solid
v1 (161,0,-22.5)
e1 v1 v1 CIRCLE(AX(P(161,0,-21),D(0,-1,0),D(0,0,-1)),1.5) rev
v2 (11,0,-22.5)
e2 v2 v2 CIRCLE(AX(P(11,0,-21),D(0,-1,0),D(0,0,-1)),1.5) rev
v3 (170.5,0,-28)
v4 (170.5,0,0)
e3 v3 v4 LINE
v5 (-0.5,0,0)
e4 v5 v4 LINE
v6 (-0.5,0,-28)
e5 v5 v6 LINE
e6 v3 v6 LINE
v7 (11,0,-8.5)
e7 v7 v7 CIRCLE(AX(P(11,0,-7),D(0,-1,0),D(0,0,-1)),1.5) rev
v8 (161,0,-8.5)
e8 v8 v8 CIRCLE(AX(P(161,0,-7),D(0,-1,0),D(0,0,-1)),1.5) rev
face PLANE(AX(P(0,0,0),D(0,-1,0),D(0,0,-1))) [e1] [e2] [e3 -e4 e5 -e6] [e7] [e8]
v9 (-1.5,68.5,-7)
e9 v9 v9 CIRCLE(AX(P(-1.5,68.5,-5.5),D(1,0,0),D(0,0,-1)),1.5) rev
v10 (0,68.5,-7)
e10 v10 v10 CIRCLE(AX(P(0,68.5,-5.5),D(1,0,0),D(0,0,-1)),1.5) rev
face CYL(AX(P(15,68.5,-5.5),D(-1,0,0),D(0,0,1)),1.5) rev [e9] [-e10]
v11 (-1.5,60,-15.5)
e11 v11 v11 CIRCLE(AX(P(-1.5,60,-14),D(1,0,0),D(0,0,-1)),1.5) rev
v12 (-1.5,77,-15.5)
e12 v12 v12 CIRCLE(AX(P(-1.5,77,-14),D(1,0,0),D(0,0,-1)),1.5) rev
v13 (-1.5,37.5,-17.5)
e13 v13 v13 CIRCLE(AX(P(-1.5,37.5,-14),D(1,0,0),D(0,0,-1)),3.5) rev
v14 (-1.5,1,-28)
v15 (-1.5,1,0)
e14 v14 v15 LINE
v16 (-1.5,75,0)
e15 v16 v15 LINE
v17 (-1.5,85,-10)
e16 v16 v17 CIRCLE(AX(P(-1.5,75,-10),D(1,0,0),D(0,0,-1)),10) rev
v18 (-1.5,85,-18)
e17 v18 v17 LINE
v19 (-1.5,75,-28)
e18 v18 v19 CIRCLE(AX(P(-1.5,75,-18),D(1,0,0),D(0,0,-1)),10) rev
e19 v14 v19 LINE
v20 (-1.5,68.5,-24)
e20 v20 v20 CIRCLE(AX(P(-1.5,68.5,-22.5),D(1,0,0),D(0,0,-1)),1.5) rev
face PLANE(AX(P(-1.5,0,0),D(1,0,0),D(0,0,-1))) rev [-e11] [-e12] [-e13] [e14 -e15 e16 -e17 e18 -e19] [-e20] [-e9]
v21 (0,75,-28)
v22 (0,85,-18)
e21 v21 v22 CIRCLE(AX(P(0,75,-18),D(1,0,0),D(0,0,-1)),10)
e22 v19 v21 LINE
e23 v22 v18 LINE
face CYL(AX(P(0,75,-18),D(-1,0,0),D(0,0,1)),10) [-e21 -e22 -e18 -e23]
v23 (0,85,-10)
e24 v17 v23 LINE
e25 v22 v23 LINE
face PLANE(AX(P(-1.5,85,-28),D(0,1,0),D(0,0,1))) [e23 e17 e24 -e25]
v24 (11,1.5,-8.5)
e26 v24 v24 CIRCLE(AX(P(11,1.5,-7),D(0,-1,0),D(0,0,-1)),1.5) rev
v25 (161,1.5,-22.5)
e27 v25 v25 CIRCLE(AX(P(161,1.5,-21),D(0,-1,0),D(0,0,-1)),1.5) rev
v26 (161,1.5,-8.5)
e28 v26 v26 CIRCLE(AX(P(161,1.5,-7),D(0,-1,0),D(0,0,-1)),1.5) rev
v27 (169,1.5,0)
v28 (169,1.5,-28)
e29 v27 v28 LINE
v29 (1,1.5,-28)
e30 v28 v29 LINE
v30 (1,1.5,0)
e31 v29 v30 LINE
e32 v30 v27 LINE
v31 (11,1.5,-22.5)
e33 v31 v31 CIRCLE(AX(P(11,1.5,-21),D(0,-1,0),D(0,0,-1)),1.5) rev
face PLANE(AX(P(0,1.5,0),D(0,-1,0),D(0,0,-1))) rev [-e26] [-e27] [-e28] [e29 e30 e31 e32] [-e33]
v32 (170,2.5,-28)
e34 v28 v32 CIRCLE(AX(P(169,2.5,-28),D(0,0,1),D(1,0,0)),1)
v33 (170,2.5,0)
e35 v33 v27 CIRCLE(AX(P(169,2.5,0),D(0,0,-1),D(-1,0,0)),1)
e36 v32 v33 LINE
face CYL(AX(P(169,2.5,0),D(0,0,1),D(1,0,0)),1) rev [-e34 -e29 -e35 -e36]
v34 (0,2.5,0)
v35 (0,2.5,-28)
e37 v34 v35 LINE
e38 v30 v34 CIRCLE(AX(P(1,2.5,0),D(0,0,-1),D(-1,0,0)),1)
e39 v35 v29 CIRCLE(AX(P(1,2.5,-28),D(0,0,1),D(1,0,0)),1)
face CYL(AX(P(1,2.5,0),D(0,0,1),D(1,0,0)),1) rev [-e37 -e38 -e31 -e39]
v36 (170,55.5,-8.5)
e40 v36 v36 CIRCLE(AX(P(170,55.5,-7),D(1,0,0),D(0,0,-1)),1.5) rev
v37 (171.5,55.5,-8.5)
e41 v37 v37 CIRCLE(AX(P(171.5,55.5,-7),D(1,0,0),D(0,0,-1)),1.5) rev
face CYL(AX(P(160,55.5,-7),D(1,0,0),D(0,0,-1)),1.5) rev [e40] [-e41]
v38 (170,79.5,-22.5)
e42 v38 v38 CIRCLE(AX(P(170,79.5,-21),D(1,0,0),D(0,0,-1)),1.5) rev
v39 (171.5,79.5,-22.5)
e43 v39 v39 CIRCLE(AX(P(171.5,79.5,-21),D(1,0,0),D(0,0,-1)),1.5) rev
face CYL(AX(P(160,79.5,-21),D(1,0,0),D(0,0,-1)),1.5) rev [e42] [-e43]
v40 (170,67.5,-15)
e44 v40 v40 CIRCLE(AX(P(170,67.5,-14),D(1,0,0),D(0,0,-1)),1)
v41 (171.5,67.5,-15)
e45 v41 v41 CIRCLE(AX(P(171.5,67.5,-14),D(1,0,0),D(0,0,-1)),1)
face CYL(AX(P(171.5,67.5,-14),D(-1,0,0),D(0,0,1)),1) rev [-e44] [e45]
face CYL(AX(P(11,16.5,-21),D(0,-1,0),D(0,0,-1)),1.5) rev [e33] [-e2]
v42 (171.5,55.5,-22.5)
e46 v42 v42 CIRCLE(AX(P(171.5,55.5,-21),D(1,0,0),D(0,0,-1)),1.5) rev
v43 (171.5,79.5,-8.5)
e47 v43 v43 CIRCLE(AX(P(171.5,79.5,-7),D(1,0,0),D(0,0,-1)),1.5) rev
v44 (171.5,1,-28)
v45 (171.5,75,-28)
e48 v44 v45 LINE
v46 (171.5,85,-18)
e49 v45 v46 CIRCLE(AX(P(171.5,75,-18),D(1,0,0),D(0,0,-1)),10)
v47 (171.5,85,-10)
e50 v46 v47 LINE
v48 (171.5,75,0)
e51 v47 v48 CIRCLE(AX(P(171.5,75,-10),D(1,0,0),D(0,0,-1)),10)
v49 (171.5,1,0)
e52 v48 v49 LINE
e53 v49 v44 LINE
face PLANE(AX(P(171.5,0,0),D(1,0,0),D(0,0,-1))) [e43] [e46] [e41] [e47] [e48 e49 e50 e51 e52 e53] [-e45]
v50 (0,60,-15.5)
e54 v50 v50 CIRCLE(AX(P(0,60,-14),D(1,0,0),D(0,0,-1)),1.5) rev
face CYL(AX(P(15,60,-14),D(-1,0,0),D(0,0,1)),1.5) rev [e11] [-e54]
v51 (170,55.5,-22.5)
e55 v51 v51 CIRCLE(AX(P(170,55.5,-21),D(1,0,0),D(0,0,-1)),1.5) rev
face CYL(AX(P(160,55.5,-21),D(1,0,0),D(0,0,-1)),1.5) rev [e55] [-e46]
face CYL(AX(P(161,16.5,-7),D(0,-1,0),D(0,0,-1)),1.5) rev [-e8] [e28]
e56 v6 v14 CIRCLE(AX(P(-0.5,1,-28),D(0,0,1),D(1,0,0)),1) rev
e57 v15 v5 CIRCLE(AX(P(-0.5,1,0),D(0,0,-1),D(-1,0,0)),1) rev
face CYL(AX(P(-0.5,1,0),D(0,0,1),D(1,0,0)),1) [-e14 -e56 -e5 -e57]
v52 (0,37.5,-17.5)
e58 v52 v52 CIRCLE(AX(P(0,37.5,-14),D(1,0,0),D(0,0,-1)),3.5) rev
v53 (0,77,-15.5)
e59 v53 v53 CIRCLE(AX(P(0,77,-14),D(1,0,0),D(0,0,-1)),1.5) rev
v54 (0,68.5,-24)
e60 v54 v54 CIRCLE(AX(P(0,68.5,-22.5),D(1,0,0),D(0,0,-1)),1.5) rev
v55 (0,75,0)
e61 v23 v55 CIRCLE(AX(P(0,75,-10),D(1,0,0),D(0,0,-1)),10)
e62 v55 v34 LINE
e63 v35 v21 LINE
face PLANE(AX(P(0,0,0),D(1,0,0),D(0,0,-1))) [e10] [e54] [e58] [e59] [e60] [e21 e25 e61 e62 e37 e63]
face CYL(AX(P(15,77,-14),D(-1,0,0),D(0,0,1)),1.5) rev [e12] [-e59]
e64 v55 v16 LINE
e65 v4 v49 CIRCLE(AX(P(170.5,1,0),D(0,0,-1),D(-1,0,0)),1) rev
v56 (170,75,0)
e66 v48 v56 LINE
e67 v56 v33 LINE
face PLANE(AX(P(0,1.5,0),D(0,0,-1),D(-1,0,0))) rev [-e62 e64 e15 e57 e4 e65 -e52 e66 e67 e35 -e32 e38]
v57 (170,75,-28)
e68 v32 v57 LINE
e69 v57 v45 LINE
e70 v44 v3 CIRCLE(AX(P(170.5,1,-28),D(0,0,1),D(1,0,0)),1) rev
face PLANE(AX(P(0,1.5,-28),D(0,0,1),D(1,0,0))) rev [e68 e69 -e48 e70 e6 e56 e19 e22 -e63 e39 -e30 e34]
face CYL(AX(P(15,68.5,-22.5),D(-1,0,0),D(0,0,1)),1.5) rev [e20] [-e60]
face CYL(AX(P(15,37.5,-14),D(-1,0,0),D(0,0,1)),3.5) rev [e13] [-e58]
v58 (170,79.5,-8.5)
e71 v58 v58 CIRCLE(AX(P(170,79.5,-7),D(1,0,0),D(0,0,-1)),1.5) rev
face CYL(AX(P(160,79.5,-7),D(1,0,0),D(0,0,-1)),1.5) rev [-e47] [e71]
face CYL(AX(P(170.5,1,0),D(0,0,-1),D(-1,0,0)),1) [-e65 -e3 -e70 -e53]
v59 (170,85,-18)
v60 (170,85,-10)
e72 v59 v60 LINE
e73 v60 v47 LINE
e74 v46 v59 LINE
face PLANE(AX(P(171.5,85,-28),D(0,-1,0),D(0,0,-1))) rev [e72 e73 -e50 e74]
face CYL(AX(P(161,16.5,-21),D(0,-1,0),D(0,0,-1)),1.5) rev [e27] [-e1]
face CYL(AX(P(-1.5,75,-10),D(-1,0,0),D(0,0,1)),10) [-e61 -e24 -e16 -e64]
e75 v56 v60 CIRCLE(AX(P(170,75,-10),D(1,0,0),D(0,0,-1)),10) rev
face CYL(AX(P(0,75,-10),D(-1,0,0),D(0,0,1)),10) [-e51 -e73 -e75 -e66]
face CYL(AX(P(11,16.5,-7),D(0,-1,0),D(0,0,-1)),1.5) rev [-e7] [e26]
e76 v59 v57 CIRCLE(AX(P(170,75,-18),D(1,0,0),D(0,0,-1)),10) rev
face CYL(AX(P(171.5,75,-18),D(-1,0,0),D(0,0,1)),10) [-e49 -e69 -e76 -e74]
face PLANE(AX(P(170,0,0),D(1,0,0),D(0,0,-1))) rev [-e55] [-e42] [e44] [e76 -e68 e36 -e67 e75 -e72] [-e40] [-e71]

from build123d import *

# Parameters (mm, degrees)
SKETCH1_W               = 170
SKETCH1_H               = 28
BOSS_EXTRUDE1_DEPTH     = 1.5
SKETCH2_W               = 28
SKETCH2_H               = 85
BOSS_EXTRUDE2_DEPTH     = 1.5
FILLET2_R               = 10
FILLET3_R               = 1
FILLET4_R               = 1
SKETCH5_R               = 1.5
CUT_EXTRUDE2_DEPTH      = 15
CUT_EXTRUDE2_DEPTH_BACK = 15
SKETCH7_R               = 3.5
CUT_EXTRUDE3_DEPTH      = 15
CUT_EXTRUDE3_DEPTH_BACK = 15
SKETCH8_R               = 1.5
CUT_EXTRUDE4_DEPTH      = 15
CUT_EXTRUDE4_DEPTH_BACK = 15
SKETCH11_W              = 28
SKETCH11_H              = 85
SKETCH11_R              = 1
BOSS_EXTRUDE5_DEPTH     = 1.5
FILLET5_R               = 1
FILLET6_R               = 1
FILLET7_R               = 10
FILLET8_R               = 10
SKETCH12_R              = 1.5
CUT_EXTRUDE5_DEPTH      = 10
CUT_EXTRUDE5_DEPTH_BACK = 10


with BuildPart() as part:
    # Sketch1 → Boss-Extrude1 (new body)
    with BuildSketch(Plane(origin=(0, 0, 0), x_dir=(1, 0, 0), z_dir=(0, 1, 0))):
        with Locations((85, 14)):
            Rectangle(SKETCH1_W, SKETCH1_H)
    extrude(amount=BOSS_EXTRUDE1_DEPTH)

    # Sketch2 → Boss-Extrude2 (add)
    with BuildSketch(Plane(origin=(0, 0, 0), x_dir=(0, 0, -1), z_dir=(1, 0, 0))):
        with Locations((14, 42.5)):
            Rectangle(SKETCH2_W, SKETCH2_H)
    extrude(amount=-BOSS_EXTRUDE2_DEPTH)

    # Fillet2
    fillet2_edges = [part.edges().sort_by_distance(p)[0] for p in [
        (-0.75, 85, -28),
        (-0.75, 85, 0),
    ]]
    fillet(fillet2_edges, radius=FILLET2_R)

    # Fillet3
    fillet3_edges = [part.edges().sort_by_distance(p)[0] for p in [
        (-1.5, 0, -14),
    ]]
    fillet(fillet3_edges, radius=FILLET3_R)

    # Fillet4
    fillet4_edges = [part.edges().sort_by_distance(p)[0] for p in [
        (0, 1.5, -14),
    ]]
    fillet(fillet4_edges, radius=FILLET4_R)

    # Sketch5 → Cut-Extrude2 (cut, two sides)
    with BuildSketch(Plane(origin=(0, 0, 0), x_dir=(0, 0, -1), z_dir=(1, 0, 0))) as cut_extrude2_sk:
        with Locations((14, 77)):
            Circle(SKETCH5_R)
        with Locations((14, 60)):
            Circle(SKETCH5_R)
        with Locations((22.5, 68.5)):
            Circle(SKETCH5_R)
        with Locations((5.5, 68.5)):
            Circle(SKETCH5_R)
    extrude(amount=CUT_EXTRUDE2_DEPTH, mode=Mode.SUBTRACT)
    extrude(cut_extrude2_sk.sketch, amount=-CUT_EXTRUDE2_DEPTH_BACK, mode=Mode.SUBTRACT)

    # Sketch7 → Cut-Extrude3 (cut, two sides)
    with BuildSketch(Plane(origin=(0, 0, 0), x_dir=(0, 0, -1), z_dir=(1, 0, 0))) as cut_extrude3_sk:
        with Locations((14, 37.5)):
            Circle(SKETCH7_R)
    extrude(amount=CUT_EXTRUDE3_DEPTH, mode=Mode.SUBTRACT)
    extrude(cut_extrude3_sk.sketch, amount=-CUT_EXTRUDE3_DEPTH_BACK, mode=Mode.SUBTRACT)

    # Sketch8 → Cut-Extrude4 (cut, two sides)
    with BuildSketch(Plane(origin=(0, 1.5, 0), x_dir=(1, 0, 0), z_dir=(0, 1, 0))) as cut_extrude4_sk:
        with Locations((161, 7)):
            Circle(SKETCH8_R)
        with Locations((11, 21)):
            Circle(SKETCH8_R)
        with Locations((11, 7)):
            Circle(SKETCH8_R)
        with Locations((161, 21)):
            Circle(SKETCH8_R)
    extrude(amount=CUT_EXTRUDE4_DEPTH, mode=Mode.SUBTRACT)
    extrude(cut_extrude4_sk.sketch, amount=-CUT_EXTRUDE4_DEPTH_BACK, mode=Mode.SUBTRACT)

    # Sketch11 → Boss-Extrude5 (add)
    with BuildSketch(Plane(origin=(170, 0, 0), x_dir=(0, 0, -1), z_dir=(1, 0, 0))):
        with Locations((14, 42.5)):
            Rectangle(SKETCH11_W, SKETCH11_H)
        with Locations((14, 67.5)):
            Circle(SKETCH11_R, mode=Mode.SUBTRACT)
    extrude(amount=BOSS_EXTRUDE5_DEPTH)

    # Fillet5
    fillet5_edges = [part.edges().sort_by_distance(p)[0] for p in [
        (170, 1.5, -14),
    ]]
    fillet(fillet5_edges, radius=FILLET5_R)

    # Fillet6
    fillet6_edges = [part.edges().sort_by_distance(p)[0] for p in [
        (171.5, 0, -14),
    ]]
    fillet(fillet6_edges, radius=FILLET6_R)

    # Fillet7
    fillet7_edges = [part.edges().sort_by_distance(p)[0] for p in [
        (170.75, 85, 0),
    ]]
    fillet(fillet7_edges, radius=FILLET7_R)

    # Fillet8
    fillet8_edges = [part.edges().sort_by_distance(p)[0] for p in [
        (170.75, 85, -28),
    ]]
    fillet(fillet8_edges, radius=FILLET8_R)

    # Sketch12 → Cut-Extrude5 (cut, two sides)
    with BuildSketch(Plane.ZY.offset(-170)) as cut_extrude5_sk:
        with Locations((-21, 79.5)):
            Circle(SKETCH12_R)
        with Locations((-7, 79.5)):
            Circle(SKETCH12_R)
        with Locations((-7, 55.5)):
            Circle(SKETCH12_R)
        with Locations((-21, 55.5)):
            Circle(SKETCH12_R)
    extrude(amount=CUT_EXTRUDE5_DEPTH, mode=Mode.SUBTRACT)
    extrude(cut_extrude5_sk.sketch, amount=-CUT_EXTRUDE5_DEPTH_BACK, mode=Mode.SUBTRACT)


solid = part.part
